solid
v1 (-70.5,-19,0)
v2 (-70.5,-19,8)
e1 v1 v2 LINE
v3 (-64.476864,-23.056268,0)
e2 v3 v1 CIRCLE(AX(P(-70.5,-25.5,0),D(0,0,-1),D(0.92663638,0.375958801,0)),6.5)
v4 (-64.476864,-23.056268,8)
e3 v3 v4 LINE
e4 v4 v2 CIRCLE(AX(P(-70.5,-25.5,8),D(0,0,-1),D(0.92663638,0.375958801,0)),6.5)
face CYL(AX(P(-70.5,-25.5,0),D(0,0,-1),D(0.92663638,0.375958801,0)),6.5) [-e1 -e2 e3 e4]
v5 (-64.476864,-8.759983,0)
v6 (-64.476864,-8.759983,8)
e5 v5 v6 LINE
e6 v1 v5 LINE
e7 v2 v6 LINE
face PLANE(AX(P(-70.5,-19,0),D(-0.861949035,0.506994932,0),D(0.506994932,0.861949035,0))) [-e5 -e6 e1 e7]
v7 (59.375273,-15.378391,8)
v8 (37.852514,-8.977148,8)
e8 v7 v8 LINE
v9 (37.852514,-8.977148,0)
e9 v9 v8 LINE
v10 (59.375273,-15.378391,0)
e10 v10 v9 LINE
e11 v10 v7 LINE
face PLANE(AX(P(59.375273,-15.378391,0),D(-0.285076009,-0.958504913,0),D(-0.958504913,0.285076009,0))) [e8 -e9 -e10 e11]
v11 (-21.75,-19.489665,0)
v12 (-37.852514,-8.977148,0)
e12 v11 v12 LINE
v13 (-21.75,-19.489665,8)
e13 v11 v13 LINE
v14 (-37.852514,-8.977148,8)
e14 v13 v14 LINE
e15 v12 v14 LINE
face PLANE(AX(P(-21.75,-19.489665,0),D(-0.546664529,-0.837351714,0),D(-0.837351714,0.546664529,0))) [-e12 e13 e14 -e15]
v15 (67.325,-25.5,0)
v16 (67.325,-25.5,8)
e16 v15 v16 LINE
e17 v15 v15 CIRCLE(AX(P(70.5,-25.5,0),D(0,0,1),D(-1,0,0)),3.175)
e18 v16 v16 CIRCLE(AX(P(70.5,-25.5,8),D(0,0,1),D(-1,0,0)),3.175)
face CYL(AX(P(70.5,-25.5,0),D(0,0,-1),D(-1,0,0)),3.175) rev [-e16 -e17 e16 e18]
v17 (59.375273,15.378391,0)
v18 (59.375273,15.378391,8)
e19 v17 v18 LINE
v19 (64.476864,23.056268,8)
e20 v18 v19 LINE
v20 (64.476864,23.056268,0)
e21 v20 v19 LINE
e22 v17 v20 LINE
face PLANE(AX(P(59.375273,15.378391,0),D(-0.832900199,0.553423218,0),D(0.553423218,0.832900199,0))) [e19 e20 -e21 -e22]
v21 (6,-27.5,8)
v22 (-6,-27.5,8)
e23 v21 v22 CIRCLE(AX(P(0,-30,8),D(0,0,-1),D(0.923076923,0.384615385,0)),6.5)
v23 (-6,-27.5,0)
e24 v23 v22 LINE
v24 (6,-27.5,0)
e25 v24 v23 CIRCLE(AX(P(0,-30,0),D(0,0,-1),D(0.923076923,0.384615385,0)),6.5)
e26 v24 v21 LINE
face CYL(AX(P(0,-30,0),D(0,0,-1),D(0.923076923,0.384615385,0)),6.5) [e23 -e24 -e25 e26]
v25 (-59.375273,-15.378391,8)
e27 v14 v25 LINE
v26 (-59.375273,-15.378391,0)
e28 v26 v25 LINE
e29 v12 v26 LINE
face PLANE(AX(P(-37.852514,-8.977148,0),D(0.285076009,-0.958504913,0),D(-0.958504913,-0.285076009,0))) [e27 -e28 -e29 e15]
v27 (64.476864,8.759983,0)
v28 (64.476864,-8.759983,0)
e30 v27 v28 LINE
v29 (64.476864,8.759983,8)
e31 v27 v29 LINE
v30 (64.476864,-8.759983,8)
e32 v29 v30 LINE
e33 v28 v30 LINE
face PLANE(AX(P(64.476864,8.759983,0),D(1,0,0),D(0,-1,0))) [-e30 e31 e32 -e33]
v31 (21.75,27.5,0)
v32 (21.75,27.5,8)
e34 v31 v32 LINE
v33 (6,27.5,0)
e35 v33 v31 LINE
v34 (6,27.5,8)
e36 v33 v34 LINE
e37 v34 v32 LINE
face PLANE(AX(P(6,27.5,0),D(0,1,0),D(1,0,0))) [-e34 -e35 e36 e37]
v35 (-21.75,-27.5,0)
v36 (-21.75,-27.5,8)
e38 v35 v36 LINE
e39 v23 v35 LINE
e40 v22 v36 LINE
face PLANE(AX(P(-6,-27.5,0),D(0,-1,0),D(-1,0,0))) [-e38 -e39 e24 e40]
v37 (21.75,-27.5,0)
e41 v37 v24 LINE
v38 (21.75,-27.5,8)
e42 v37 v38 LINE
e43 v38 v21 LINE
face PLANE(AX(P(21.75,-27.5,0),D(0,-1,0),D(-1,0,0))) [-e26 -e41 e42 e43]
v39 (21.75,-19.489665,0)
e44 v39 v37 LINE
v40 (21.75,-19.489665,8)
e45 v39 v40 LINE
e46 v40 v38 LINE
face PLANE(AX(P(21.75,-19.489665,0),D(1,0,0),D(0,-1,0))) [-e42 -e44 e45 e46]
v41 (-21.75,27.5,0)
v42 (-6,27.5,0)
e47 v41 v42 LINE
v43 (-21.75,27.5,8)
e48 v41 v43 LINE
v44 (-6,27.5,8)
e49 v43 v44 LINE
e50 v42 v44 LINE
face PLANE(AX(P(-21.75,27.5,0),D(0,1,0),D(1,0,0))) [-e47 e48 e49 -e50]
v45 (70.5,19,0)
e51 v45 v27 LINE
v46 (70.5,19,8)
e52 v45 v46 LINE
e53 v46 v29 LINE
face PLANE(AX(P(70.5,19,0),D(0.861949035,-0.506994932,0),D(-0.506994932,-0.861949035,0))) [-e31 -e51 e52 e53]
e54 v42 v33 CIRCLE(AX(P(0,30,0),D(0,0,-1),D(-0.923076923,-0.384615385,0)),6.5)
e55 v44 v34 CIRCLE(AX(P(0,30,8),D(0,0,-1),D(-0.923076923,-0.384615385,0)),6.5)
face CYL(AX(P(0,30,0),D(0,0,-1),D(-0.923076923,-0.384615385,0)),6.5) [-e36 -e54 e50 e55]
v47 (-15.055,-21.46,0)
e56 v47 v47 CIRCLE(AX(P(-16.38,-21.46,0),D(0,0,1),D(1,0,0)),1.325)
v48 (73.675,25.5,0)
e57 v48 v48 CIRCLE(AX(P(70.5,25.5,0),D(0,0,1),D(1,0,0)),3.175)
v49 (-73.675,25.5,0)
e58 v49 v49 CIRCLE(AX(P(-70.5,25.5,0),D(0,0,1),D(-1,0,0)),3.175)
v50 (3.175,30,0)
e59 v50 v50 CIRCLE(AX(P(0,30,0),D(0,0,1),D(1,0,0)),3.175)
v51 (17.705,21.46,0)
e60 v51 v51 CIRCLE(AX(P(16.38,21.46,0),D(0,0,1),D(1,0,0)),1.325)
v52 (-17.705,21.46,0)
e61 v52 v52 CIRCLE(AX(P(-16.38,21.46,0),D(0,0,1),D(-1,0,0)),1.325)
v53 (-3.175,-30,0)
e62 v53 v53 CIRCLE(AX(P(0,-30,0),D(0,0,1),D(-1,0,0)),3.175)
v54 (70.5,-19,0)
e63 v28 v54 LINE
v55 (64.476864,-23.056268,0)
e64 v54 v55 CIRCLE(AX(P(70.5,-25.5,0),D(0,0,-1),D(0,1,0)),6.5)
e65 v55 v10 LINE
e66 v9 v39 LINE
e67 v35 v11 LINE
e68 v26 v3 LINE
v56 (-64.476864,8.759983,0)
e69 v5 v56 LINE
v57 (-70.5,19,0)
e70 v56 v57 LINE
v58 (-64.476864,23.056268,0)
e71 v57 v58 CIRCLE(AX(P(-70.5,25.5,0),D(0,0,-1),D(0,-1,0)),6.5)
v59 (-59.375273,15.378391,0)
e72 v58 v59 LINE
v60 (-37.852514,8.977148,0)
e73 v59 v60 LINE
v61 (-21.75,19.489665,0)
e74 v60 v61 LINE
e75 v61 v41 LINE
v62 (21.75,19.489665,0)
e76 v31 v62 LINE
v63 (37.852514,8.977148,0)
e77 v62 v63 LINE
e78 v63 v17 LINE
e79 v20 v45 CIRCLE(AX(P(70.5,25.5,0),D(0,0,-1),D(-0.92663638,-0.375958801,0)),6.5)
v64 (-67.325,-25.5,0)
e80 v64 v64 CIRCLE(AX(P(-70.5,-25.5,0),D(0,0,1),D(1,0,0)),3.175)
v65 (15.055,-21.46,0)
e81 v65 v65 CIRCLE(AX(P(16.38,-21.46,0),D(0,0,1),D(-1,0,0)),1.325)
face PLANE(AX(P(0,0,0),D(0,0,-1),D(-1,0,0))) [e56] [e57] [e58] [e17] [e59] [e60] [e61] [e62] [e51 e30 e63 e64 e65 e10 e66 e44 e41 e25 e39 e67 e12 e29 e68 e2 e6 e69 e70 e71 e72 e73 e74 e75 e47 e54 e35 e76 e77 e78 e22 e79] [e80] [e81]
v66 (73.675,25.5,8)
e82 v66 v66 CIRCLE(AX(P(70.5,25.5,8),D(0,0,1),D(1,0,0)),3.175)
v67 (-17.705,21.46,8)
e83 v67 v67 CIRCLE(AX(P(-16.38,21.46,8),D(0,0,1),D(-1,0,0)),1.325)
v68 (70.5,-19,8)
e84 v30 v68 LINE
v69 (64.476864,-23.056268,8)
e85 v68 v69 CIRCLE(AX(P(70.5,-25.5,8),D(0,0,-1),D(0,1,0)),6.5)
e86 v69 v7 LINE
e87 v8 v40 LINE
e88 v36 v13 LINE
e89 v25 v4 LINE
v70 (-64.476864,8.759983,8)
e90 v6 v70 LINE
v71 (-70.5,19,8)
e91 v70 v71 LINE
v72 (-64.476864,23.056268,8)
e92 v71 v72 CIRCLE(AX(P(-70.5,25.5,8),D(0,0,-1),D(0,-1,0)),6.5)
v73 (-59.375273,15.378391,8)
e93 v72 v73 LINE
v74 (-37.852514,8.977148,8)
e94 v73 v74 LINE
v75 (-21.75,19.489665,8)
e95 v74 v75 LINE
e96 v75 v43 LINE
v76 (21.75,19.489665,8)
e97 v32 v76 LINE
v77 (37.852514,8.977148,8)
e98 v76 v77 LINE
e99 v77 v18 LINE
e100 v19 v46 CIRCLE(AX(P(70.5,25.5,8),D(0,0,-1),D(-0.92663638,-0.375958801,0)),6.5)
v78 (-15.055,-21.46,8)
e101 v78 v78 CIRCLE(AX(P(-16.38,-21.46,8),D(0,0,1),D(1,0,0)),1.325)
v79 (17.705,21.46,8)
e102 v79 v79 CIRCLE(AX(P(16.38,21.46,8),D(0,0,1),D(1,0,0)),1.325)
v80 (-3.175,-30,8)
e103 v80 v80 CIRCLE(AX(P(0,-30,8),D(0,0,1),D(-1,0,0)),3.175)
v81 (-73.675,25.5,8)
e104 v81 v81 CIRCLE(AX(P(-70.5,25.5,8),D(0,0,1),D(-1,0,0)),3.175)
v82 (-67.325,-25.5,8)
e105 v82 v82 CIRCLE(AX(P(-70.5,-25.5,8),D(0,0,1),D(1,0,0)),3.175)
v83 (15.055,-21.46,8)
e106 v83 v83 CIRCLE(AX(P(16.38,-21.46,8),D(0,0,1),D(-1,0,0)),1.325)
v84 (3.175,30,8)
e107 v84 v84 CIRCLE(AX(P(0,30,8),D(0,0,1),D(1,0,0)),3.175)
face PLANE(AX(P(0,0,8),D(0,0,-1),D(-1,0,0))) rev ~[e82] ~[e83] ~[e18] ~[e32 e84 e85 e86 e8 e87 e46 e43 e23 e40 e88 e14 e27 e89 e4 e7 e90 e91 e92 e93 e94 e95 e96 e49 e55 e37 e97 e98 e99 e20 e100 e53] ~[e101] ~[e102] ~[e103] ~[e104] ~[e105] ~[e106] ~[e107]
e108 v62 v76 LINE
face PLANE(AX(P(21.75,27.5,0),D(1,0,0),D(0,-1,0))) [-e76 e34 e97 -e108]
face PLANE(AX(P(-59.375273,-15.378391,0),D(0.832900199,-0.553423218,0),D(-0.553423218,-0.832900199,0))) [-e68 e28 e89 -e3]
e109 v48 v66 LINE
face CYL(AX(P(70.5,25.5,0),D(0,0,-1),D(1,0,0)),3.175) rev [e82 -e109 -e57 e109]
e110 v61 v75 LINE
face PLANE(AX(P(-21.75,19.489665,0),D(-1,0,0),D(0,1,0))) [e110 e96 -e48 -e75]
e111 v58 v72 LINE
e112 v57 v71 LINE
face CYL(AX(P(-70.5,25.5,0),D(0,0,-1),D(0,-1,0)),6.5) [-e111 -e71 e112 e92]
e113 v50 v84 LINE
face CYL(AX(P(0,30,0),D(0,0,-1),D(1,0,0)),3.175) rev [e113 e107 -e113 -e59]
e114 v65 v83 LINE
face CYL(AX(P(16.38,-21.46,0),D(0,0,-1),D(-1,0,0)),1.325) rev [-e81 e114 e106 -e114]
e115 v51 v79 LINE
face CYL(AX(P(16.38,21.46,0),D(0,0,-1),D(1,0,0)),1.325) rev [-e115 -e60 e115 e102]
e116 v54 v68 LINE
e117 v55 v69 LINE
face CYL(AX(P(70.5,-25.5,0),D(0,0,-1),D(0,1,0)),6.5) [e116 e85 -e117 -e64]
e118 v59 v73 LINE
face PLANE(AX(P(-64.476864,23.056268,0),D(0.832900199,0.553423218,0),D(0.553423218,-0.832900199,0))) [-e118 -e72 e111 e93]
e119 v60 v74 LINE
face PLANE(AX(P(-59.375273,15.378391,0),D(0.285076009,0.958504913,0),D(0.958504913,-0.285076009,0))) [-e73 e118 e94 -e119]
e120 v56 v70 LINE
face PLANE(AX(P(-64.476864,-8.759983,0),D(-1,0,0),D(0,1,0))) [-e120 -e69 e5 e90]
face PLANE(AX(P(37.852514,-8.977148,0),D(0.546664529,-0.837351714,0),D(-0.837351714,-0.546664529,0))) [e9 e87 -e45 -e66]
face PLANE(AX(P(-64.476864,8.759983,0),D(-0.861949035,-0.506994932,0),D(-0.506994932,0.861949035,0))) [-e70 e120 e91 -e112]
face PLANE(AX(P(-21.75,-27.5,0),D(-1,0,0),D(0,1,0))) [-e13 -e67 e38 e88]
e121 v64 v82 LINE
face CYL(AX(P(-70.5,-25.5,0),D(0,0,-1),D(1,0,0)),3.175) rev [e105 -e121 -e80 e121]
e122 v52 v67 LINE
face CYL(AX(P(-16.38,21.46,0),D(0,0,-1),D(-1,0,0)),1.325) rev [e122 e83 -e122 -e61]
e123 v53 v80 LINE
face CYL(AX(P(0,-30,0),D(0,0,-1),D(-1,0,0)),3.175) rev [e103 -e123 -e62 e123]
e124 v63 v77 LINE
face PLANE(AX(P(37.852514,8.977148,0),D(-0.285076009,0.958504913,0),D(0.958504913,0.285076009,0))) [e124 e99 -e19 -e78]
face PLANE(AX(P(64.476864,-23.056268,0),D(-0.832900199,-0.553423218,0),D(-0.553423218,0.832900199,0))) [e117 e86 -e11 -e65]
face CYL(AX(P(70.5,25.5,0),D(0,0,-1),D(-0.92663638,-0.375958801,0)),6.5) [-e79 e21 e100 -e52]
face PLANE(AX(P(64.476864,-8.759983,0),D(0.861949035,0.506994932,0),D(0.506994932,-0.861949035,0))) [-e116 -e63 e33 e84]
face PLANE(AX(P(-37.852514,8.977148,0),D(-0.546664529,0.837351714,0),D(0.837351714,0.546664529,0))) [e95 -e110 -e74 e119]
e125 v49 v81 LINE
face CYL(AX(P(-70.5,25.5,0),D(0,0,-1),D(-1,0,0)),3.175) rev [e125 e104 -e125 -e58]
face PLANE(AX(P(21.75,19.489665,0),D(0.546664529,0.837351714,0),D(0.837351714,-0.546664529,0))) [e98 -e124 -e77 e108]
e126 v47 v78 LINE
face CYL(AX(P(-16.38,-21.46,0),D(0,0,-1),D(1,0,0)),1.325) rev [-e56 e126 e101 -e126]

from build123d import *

# Parameters (mm, degrees)
SKETCH1_R           = 3.175
SKETCH1_R_2         = 1.325
BOSS_EXTRUDE1_DEPTH = 8


with BuildPart() as part:
    # Sketch1 → Boss-Extrude1 (new body)
    with BuildSketch(Plane.XY):
        with BuildLine():
            Line((-21.75, 27.5), (-6, 27.5))
            ThreePointArc((-6, 27.5), (0, 36.5), (6, 27.5))
            Line((6, 27.5), (21.75, 27.5))
            Line((21.75, 27.5), (21.75, 19.489664619))
            Line((21.75, 19.489664619), (37.852514493, 8.977148354))
            Line((37.852514493, 8.977148354), (59.375273358, 15.378390657))
            Line((59.375273358, 15.378390657), (64.476863532, 23.056267795))
            ThreePointArc((64.476863532, 23.056267795), (74.130822267, 30.891394037), (70.5, 19))
            Line((70.5, 19), (64.476863532, 8.759983115))
            Line((64.476863532, 8.759983115), (64.476863532, -8.759983115))
            Line((64.476863532, -8.759983115), (70.5, -19))
            ThreePointArc((70.5, -19), (74.130822267, -30.891394037), (64.476863532, -23.056267795))
            Line((64.476863532, -23.056267795), (59.375273358, -15.378390657))
            Line((59.375273358, -15.378390657), (37.852514493, -8.977148354))
            Line((37.852514493, -8.977148354), (21.75, -19.489664619))
            Line((21.75, -19.489664619), (21.75, -27.5))
            Line((21.75, -27.5), (6, -27.5))
            ThreePointArc((6, -27.5), (0, -36.5), (-6, -27.5))
            Line((-6, -27.5), (-21.75, -27.5))
            Line((-21.75, -27.5), (-21.75, -19.489664619))
            Line((-21.75, -19.489664619), (-37.852514493, -8.977148354))
            Line((-37.852514493, -8.977148354), (-59.375273358, -15.378390657))
            Line((-59.375273358, -15.378390657), (-64.476863532, -23.056267795))
            ThreePointArc((-64.476863532, -23.056267795), (-74.130822267, -30.891394037), (-70.5, -19))
            Line((-70.5, -19), (-64.476863532, -8.759983115))
            Line((-64.476863532, -8.759983115), (-64.476863532, 8.759983115))
            Line((-64.476863532, 8.759983115), (-70.5, 19))
            ThreePointArc((-70.5, 19), (-74.130822267, 30.891394037), (-64.476863532, 23.056267795))
            Line((-64.476863532, 23.056267795), (-59.375273358, 15.378390657))
            Line((-59.375273358, 15.378390657), (-37.852514493, 8.977148354))
            Line((-37.852514493, 8.977148354), (-21.75, 19.489664619))
            Line((-21.75, 19.489664619), (-21.75, 27.5))
        make_face()
        with Locations((0, 30)):
            Circle(SKETCH1_R, mode=Mode.SUBTRACT)
        with Locations((70.5, 25.5)):
            Circle(SKETCH1_R, mode=Mode.SUBTRACT)
        with Locations(Location((70.5, -25.5, 0), (0, 0, 180))):
            Circle(SKETCH1_R, mode=Mode.SUBTRACT)
        with Locations(Location((0, -30, 0), (0, 0, 180))):
            Circle(SKETCH1_R, mode=Mode.SUBTRACT)
        with Locations((-70.5, -25.5)):
            Circle(SKETCH1_R, mode=Mode.SUBTRACT)
        with Locations(Location((-70.5, 25.5, 0), (0, 0, 180))):
            Circle(SKETCH1_R, mode=Mode.SUBTRACT)
        with Locations((16.38, 21.46)):
            Circle(SKETCH1_R_2, mode=Mode.SUBTRACT)
        with Locations(Location((-16.38, 21.46, 0), (0, 0, 180))):
            Circle(SKETCH1_R_2, mode=Mode.SUBTRACT)
        with Locations((-16.38, -21.46)):
            Circle(SKETCH1_R_2, mode=Mode.SUBTRACT)
        with Locations(Location((16.38, -21.46, 0), (0, 0, 180))):
            Circle(SKETCH1_R_2, mode=Mode.SUBTRACT)
    extrude(amount=BOSS_EXTRUDE1_DEPTH)


solid = part.part
